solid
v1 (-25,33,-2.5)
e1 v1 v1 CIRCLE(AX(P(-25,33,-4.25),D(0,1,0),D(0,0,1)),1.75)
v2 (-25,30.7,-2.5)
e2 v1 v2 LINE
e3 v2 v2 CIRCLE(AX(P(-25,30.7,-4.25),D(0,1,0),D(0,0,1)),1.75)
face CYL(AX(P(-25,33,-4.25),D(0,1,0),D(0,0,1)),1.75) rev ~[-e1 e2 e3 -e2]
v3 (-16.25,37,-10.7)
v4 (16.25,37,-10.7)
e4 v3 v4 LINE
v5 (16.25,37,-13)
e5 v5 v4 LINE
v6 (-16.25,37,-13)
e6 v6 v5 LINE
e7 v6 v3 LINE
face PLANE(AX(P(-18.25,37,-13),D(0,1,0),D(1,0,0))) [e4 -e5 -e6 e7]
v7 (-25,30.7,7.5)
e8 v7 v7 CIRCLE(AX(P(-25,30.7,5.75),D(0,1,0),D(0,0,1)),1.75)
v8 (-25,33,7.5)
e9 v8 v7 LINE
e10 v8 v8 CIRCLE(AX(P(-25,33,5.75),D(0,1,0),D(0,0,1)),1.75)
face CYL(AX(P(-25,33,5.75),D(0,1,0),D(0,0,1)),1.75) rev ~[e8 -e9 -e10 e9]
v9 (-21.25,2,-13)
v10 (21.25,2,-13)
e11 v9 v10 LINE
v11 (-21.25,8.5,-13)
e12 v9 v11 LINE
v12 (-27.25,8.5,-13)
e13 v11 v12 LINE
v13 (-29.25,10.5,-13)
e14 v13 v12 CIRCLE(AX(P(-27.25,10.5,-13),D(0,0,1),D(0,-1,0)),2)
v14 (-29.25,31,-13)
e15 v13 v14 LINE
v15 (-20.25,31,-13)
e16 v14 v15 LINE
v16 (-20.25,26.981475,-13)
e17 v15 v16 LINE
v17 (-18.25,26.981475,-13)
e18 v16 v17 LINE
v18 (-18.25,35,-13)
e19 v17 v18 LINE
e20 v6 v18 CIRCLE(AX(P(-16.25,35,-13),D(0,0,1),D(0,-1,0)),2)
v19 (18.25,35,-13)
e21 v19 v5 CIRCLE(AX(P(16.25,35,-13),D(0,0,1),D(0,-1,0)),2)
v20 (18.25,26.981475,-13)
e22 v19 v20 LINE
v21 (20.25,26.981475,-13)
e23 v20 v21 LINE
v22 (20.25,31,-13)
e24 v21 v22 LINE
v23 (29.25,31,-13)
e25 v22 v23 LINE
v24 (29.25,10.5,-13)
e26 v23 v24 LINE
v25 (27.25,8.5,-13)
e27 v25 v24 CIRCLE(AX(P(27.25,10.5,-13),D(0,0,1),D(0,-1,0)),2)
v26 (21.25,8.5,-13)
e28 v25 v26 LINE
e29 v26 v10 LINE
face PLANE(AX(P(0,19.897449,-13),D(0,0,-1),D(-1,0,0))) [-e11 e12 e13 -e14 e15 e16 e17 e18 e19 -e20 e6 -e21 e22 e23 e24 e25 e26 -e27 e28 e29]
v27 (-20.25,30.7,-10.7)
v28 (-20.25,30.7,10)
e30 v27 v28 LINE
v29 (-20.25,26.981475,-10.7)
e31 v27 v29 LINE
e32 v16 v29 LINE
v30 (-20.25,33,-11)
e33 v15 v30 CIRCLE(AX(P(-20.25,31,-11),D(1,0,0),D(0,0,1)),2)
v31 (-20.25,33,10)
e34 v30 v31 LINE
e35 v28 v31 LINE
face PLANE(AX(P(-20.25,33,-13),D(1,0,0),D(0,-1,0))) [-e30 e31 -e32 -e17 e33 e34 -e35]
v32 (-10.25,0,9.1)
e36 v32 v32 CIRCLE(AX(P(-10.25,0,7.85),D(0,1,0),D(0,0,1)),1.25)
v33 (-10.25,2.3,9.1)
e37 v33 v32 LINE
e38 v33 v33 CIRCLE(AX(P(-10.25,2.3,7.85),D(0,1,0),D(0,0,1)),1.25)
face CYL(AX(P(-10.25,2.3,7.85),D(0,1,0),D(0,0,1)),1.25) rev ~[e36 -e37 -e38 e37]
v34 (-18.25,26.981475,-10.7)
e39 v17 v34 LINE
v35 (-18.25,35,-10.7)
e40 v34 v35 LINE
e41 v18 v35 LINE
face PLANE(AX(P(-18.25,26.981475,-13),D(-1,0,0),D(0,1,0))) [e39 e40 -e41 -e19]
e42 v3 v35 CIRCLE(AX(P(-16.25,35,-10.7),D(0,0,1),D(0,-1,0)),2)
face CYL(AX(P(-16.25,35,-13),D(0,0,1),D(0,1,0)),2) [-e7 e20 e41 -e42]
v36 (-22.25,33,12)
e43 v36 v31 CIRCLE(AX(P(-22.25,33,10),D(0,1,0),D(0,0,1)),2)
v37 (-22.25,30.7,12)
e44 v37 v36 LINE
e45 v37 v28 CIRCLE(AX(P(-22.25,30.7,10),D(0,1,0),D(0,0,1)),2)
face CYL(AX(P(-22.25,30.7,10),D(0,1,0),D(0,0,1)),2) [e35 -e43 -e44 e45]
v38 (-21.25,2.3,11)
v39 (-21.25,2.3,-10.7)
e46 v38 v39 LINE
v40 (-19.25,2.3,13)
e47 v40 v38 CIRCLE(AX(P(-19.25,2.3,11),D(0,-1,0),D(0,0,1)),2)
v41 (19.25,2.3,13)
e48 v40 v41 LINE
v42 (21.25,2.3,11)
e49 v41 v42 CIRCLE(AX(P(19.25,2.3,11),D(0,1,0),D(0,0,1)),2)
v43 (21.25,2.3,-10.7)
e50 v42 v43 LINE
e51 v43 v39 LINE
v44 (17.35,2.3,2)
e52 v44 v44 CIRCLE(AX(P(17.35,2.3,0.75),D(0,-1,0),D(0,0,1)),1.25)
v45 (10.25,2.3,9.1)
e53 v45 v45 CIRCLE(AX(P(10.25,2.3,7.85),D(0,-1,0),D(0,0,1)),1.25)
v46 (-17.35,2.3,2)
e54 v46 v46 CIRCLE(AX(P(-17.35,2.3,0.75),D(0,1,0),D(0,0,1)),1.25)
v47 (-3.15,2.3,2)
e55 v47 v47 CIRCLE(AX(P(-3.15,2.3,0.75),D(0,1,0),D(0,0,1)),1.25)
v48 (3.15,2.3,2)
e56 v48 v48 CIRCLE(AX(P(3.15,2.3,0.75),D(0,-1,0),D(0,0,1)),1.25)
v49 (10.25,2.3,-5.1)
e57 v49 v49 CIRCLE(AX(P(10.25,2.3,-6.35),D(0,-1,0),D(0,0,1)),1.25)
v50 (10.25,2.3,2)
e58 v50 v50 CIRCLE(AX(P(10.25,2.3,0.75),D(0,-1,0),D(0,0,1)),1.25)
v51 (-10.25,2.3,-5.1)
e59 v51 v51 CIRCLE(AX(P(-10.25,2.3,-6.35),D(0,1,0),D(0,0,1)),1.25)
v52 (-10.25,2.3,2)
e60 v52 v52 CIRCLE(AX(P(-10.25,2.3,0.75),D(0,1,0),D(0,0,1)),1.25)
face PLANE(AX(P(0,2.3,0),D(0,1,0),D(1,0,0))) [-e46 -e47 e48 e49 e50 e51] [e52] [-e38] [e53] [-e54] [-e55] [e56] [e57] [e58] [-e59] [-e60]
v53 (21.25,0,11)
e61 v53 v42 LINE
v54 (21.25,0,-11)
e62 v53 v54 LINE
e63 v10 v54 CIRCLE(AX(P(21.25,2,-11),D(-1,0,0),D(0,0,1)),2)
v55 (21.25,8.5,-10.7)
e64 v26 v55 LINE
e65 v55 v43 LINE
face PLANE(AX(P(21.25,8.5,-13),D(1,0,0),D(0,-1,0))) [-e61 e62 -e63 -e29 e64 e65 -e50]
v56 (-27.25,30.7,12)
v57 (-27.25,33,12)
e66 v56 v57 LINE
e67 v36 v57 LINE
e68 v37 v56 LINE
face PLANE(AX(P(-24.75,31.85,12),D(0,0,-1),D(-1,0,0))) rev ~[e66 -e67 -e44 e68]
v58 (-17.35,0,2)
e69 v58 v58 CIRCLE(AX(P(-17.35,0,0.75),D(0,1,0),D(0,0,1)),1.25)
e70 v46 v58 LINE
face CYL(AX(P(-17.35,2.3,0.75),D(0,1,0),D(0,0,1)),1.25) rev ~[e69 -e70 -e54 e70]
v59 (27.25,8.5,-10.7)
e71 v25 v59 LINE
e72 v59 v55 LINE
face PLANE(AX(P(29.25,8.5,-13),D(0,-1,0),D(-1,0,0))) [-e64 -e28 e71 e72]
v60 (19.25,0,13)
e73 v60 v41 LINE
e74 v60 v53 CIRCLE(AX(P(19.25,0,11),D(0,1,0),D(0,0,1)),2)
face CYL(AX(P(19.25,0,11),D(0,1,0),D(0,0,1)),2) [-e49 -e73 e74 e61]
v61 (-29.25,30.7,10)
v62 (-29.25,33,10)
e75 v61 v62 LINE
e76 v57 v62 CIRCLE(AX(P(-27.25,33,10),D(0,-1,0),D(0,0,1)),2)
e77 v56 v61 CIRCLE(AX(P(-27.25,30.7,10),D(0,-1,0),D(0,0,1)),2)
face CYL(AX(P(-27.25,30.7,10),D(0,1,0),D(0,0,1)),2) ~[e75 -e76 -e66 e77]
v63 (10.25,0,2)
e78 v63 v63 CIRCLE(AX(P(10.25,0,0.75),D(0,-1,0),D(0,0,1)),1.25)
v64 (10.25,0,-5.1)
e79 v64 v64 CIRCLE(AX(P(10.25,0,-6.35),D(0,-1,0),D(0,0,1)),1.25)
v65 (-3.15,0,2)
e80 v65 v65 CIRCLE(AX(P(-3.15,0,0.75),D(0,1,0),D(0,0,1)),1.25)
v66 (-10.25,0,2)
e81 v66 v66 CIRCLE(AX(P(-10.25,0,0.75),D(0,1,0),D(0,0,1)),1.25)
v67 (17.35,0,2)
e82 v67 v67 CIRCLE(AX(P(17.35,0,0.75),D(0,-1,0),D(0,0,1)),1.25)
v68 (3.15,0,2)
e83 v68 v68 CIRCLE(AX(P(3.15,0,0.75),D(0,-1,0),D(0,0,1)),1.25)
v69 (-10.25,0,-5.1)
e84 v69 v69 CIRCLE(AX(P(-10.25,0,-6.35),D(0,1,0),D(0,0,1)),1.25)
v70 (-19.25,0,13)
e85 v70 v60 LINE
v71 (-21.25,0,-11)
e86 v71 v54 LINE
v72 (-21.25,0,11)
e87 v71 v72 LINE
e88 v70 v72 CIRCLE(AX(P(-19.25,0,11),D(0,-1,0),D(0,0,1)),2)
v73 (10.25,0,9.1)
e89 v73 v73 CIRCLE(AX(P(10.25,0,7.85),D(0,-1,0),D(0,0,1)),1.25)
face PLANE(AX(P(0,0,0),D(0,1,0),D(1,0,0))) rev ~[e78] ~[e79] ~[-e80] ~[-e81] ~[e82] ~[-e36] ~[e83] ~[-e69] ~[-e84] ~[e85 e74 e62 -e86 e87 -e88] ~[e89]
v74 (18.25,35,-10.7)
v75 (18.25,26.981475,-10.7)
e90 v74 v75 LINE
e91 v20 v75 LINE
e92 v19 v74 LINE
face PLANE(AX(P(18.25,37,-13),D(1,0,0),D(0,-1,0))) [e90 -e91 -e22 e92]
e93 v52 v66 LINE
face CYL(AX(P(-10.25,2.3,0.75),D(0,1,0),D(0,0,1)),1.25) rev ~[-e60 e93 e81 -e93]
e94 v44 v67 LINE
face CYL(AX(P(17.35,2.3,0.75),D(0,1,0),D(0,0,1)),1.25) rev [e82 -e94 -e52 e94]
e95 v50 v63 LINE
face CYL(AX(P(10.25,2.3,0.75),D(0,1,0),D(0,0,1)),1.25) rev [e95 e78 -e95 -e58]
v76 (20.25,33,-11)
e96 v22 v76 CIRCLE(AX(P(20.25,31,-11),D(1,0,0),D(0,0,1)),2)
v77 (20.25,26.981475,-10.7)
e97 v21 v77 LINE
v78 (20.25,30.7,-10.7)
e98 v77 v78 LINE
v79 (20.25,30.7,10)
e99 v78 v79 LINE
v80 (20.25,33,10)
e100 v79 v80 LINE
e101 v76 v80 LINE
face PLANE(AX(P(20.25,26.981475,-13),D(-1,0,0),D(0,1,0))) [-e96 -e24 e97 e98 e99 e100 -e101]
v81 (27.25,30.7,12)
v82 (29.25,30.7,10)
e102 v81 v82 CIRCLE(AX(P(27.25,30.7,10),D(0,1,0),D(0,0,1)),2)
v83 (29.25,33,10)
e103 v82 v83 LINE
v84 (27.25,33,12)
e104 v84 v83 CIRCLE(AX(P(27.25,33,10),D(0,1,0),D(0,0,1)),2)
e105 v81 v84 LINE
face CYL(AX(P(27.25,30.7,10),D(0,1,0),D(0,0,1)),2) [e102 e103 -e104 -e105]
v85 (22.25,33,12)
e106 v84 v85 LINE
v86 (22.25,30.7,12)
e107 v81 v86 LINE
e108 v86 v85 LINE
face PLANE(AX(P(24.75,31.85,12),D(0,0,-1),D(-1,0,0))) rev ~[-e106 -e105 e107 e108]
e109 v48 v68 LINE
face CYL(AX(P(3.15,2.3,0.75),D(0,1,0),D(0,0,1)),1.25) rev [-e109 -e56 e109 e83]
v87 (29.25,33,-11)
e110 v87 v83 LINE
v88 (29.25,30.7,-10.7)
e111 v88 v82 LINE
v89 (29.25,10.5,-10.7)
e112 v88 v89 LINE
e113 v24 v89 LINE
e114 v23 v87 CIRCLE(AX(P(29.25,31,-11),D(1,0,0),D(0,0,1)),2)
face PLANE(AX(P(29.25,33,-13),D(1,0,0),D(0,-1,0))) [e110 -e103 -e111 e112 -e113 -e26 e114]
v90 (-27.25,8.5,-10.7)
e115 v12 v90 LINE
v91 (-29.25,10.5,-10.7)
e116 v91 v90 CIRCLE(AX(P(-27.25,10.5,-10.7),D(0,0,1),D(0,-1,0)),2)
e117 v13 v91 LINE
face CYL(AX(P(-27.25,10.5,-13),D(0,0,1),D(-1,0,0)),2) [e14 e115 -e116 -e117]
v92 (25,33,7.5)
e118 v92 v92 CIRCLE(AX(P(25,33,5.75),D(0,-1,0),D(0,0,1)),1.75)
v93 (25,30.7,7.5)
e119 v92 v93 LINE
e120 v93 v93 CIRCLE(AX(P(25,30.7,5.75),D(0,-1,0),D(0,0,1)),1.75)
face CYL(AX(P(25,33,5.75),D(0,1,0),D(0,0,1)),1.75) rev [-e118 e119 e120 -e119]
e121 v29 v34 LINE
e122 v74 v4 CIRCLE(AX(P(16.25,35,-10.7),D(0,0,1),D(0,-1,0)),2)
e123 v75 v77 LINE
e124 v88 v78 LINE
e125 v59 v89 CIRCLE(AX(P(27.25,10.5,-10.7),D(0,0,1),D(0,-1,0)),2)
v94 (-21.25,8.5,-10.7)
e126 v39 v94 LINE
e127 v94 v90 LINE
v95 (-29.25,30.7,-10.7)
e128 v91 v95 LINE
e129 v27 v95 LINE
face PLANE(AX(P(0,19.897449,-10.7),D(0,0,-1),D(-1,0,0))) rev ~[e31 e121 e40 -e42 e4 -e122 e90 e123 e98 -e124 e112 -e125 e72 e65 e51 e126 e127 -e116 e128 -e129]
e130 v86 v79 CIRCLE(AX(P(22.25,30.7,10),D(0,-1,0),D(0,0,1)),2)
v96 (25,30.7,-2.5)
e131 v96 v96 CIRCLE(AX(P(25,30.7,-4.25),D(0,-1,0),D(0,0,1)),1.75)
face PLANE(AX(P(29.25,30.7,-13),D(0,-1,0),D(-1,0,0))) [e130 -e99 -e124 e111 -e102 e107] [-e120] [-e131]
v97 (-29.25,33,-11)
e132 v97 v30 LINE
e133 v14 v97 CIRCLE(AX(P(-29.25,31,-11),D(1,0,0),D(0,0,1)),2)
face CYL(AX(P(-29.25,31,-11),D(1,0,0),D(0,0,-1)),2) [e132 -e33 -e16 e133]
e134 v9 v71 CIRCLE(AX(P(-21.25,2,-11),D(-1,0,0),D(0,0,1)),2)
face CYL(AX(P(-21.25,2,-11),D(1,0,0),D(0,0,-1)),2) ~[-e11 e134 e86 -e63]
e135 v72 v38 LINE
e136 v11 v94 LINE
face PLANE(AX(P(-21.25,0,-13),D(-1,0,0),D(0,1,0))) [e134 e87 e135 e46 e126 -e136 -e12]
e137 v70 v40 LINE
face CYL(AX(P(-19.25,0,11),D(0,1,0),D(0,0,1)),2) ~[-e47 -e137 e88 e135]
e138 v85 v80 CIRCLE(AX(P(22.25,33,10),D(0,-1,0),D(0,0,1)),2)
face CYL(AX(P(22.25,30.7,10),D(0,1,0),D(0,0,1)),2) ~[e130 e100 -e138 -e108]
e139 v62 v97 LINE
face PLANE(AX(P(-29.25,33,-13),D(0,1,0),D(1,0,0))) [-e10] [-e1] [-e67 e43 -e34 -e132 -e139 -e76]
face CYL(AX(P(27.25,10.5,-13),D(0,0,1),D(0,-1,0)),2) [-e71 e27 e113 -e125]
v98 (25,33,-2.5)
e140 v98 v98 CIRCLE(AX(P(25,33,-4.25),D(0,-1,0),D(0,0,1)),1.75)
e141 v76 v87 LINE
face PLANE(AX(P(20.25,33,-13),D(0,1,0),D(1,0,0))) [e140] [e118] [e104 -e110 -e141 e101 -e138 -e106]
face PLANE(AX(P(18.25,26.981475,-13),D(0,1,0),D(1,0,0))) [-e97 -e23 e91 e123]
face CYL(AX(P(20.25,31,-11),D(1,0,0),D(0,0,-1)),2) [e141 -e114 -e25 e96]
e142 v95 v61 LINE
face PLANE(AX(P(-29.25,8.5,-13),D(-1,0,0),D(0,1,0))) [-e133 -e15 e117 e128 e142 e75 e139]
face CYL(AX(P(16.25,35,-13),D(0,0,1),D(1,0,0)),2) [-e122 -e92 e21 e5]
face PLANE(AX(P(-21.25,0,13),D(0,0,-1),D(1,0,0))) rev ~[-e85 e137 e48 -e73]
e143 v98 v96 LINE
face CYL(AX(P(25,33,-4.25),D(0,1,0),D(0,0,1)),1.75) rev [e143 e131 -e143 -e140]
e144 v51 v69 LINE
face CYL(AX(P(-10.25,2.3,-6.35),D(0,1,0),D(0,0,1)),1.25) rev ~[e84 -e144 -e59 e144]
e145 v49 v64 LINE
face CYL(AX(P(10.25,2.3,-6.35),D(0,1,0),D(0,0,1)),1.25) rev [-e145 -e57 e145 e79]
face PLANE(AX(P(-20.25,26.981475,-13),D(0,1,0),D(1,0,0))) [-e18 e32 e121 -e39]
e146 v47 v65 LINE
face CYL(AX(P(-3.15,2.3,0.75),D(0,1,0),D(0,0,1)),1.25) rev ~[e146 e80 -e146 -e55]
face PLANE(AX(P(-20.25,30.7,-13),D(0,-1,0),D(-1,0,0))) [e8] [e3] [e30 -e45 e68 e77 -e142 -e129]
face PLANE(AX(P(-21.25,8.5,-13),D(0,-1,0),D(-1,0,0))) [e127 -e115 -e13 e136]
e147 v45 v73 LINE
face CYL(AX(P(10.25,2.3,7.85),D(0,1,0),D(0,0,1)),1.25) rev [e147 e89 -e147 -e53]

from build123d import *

# Parameters (mm, degrees)
SKETCH_2_W          = 42.5
SKETCH_2_H          = 26
EXTRUDE_1_DEPTH     = 2.3
EXTRUDE_3_DEPTH     = 2.3
SKETCH_5_W          = 9
SKETCH_5_H          = 2.3
EXTRUDE_6_DEPTH     = 25
FILLET_1_R          = 2
CUT_EXTRUDE_1_REACH = 47.973
SKETCH_6_R          = 1.75
CUT_EXTRUDE_2_REACH = 49.209
SKETCH_7_R          = 1.25


with BuildPart() as part:
    # 草图2 → 凸台-拉伸1 (new body)
    with BuildSketch(Plane(origin=(0, 0, 0), x_dir=(1, 0, 0), z_dir=(0, 1, 0))):
        Rectangle(SKETCH_2_W, SKETCH_2_H)
    extrude(amount=EXTRUDE_1_DEPTH)

    # 草图3 → 凸台-拉伸3 (add)
    with BuildSketch(Plane(origin=(0, 0, -13), x_dir=(-1, 0, 0), z_dir=(0, 0, -1))):
        Polygon((20.25, 33), (20.25, 26.981475126), (18.25, 26.981475126), (18.25, 37), (-18.25, 37), (-18.25, 26.981475126), (-20.25, 26.981475126), (-20.25, 33), (-29.25, 33), (-29.25, 8.5), (-21.25, 8.5), (-21.25, 0), (21.25, 0), (21.25, 8.5), (29.25, 8.5), (29.25, 33), align=None)
    extrude(amount=-EXTRUDE_3_DEPTH)

    # 草图5 → 凸台-拉伸6 (add)
    with BuildSketch(Plane(origin=(0, 0, -13), x_dir=(-1, 0, 0), z_dir=(0, 0, -1))):
        with Locations((-24.75, 31.85)):
            Rectangle(SKETCH_5_W, SKETCH_5_H)
        with Locations((24.75, 31.85)):
            Rectangle(SKETCH_5_W, SKETCH_5_H)
    extrude(amount=-EXTRUDE_6_DEPTH)

    # 圆角1
    fillet_1_edges = [part.edges().sort_by_distance(p)[0] for p in [
        (29.25, 8.5, -11.85),
        (18.25, 37, -11.85),
        (-18.25, 37, -11.85),
        (-29.25, 8.5, -11.85),
        (-24.75, 33, -13),
        (24.75, 33, -13),
        (0, 0, -13),
        (29.25, 31.85, 12),
        (20.25, 31.85, 12),
        (21.25, 1.15, 13),
        (-21.25, 1.15, 13),
        (-20.25, 31.85, 12),
        (-29.25, 31.85, 12),
    ]]
    fillet(fillet_1_edges, radius=FILLET_1_R)

    # 草图6 → 切除-拉伸1 (cut, up to next)
    with BuildSketch(Plane(origin=(0, 33, 0), x_dir=(1, 0, 0), z_dir=(0, 1, 0)), mode=Mode.PRIVATE) as cut_extrude_1_sk1:
        with Locations(Location((-25, -5.75, 0), (0, 0, 270))):
            Circle(SKETCH_6_R)
    cut_extrude_1_tool1 = extrude(cut_extrude_1_sk1.sketch, amount=-CUT_EXTRUDE_1_REACH, mode=Mode.PRIVATE) & part.part
    # 草图6 → 切除-拉伸1 (cut, up to next)
    with BuildSketch(Plane(origin=(0, 33, 0), x_dir=(1, 0, 0), z_dir=(0, 1, 0)), mode=Mode.PRIVATE) as cut_extrude_1_sk2:
        with Locations(Location((-25, 4.25, 0), (0, 0, 270))):
            Circle(SKETCH_6_R)
    cut_extrude_1_tool2 = extrude(cut_extrude_1_sk2.sketch, amount=-CUT_EXTRUDE_1_REACH, mode=Mode.PRIVATE) & part.part
    cut_extrude_1_1 = cut_extrude_1_tool1.solids().sort_by_distance((-25, 33, 5.75))[0]
    add(cut_extrude_1_1, mode=Mode.SUBTRACT)
    cut_extrude_1_2 = cut_extrude_1_tool2.solids().sort_by_distance((-25, 33, -4.25))[0]
    add(cut_extrude_1_2, mode=Mode.SUBTRACT)
    cut_extrude_1 = cut_extrude_1_1 + cut_extrude_1_2  # 切除-拉伸1 as one shape, for the pattern or mirror that repeats it

    # 草图7 → 切除-拉伸2 (cut, up to next)
    with BuildSketch(Plane(origin=(0, 2.3, 0), x_dir=(1, 0, 0), z_dir=(0, 1, 0)), mode=Mode.PRIVATE) as cut_extrude_2_sk1:
        with Locations(Location((-10.25, -0.75, 0), (0, 0, 270))):
            Circle(SKETCH_7_R)
    cut_extrude_2_tool1 = extrude(cut_extrude_2_sk1.sketch, amount=-CUT_EXTRUDE_2_REACH, mode=Mode.PRIVATE) & part.part
    # 草图7 → 切除-拉伸2 (cut, up to next)
    with BuildSketch(Plane(origin=(0, 2.3, 0), x_dir=(1, 0, 0), z_dir=(0, 1, 0)), mode=Mode.PRIVATE) as cut_extrude_2_sk2:
        with Locations(Location((-10.25, -7.85, 0), (0, 0, 270))):
            Circle(SKETCH_7_R)
    cut_extrude_2_tool2 = extrude(cut_extrude_2_sk2.sketch, amount=-CUT_EXTRUDE_2_REACH, mode=Mode.PRIVATE) & part.part
    # 草图7 → 切除-拉伸2 (cut, up to next)
    with BuildSketch(Plane(origin=(0, 2.3, 0), x_dir=(1, 0, 0), z_dir=(0, 1, 0)), mode=Mode.PRIVATE) as cut_extrude_2_sk3:
        with Locations(Location((-17.35, -0.75, 0), (0, 0, 270))):
            Circle(SKETCH_7_R)
    cut_extrude_2_tool3 = extrude(cut_extrude_2_sk3.sketch, amount=-CUT_EXTRUDE_2_REACH, mode=Mode.PRIVATE) & part.part
    # 草图7 → 切除-拉伸2 (cut, up to next)
    with BuildSketch(Plane(origin=(0, 2.3, 0), x_dir=(1, 0, 0), z_dir=(0, 1, 0)), mode=Mode.PRIVATE) as cut_extrude_2_sk4:
        with Locations(Location((-10.25, 6.35, 0), (0, 0, 270))):
            Circle(SKETCH_7_R)
    cut_extrude_2_tool4 = extrude(cut_extrude_2_sk4.sketch, amount=-CUT_EXTRUDE_2_REACH, mode=Mode.PRIVATE) & part.part
    # 草图7 → 切除-拉伸2 (cut, up to next)
    with BuildSketch(Plane(origin=(0, 2.3, 0), x_dir=(1, 0, 0), z_dir=(0, 1, 0)), mode=Mode.PRIVATE) as cut_extrude_2_sk5:
        with Locations(Location((-3.15, -0.75, 0), (0, 0, 270))):
            Circle(SKETCH_7_R)
    cut_extrude_2_tool5 = extrude(cut_extrude_2_sk5.sketch, amount=-CUT_EXTRUDE_2_REACH, mode=Mode.PRIVATE) & part.part
    cut_extrude_2_1 = cut_extrude_2_tool1.solids().sort_by_distance((-10.25, 2.3, 0.75))[0]
    add(cut_extrude_2_1, mode=Mode.SUBTRACT)
    cut_extrude_2_2 = cut_extrude_2_tool2.solids().sort_by_distance((-10.25, 2.3, 7.85))[0]
    add(cut_extrude_2_2, mode=Mode.SUBTRACT)
    cut_extrude_2_3 = cut_extrude_2_tool3.solids().sort_by_distance((-17.35, 2.3, 0.75))[0]
    add(cut_extrude_2_3, mode=Mode.SUBTRACT)
    cut_extrude_2_4 = cut_extrude_2_tool4.solids().sort_by_distance((-10.25, 2.3, -6.35))[0]
    add(cut_extrude_2_4, mode=Mode.SUBTRACT)
    cut_extrude_2_5 = cut_extrude_2_tool5.solids().sort_by_distance((-3.15, 2.3, 0.75))[0]
    add(cut_extrude_2_5, mode=Mode.SUBTRACT)
    cut_extrude_2 = cut_extrude_2_1 + cut_extrude_2_2 + cut_extrude_2_3 + cut_extrude_2_4 + cut_extrude_2_5  # 切除-拉伸2 as one shape, for the pattern or mirror that repeats it

    # 镜向1: 切除-拉伸1, 切除-拉伸2 across plane
    add(cut_extrude_1.mirror(Plane(origin=(0, 0, 0), x_dir=(0, 0, 1), z_dir=(1, 0, 0))), mode=Mode.SUBTRACT)
    add(cut_extrude_2.mirror(Plane(origin=(0, 0, 0), x_dir=(0, 0, 1), z_dir=(1, 0, 0))), mode=Mode.SUBTRACT)


solid = part.part
